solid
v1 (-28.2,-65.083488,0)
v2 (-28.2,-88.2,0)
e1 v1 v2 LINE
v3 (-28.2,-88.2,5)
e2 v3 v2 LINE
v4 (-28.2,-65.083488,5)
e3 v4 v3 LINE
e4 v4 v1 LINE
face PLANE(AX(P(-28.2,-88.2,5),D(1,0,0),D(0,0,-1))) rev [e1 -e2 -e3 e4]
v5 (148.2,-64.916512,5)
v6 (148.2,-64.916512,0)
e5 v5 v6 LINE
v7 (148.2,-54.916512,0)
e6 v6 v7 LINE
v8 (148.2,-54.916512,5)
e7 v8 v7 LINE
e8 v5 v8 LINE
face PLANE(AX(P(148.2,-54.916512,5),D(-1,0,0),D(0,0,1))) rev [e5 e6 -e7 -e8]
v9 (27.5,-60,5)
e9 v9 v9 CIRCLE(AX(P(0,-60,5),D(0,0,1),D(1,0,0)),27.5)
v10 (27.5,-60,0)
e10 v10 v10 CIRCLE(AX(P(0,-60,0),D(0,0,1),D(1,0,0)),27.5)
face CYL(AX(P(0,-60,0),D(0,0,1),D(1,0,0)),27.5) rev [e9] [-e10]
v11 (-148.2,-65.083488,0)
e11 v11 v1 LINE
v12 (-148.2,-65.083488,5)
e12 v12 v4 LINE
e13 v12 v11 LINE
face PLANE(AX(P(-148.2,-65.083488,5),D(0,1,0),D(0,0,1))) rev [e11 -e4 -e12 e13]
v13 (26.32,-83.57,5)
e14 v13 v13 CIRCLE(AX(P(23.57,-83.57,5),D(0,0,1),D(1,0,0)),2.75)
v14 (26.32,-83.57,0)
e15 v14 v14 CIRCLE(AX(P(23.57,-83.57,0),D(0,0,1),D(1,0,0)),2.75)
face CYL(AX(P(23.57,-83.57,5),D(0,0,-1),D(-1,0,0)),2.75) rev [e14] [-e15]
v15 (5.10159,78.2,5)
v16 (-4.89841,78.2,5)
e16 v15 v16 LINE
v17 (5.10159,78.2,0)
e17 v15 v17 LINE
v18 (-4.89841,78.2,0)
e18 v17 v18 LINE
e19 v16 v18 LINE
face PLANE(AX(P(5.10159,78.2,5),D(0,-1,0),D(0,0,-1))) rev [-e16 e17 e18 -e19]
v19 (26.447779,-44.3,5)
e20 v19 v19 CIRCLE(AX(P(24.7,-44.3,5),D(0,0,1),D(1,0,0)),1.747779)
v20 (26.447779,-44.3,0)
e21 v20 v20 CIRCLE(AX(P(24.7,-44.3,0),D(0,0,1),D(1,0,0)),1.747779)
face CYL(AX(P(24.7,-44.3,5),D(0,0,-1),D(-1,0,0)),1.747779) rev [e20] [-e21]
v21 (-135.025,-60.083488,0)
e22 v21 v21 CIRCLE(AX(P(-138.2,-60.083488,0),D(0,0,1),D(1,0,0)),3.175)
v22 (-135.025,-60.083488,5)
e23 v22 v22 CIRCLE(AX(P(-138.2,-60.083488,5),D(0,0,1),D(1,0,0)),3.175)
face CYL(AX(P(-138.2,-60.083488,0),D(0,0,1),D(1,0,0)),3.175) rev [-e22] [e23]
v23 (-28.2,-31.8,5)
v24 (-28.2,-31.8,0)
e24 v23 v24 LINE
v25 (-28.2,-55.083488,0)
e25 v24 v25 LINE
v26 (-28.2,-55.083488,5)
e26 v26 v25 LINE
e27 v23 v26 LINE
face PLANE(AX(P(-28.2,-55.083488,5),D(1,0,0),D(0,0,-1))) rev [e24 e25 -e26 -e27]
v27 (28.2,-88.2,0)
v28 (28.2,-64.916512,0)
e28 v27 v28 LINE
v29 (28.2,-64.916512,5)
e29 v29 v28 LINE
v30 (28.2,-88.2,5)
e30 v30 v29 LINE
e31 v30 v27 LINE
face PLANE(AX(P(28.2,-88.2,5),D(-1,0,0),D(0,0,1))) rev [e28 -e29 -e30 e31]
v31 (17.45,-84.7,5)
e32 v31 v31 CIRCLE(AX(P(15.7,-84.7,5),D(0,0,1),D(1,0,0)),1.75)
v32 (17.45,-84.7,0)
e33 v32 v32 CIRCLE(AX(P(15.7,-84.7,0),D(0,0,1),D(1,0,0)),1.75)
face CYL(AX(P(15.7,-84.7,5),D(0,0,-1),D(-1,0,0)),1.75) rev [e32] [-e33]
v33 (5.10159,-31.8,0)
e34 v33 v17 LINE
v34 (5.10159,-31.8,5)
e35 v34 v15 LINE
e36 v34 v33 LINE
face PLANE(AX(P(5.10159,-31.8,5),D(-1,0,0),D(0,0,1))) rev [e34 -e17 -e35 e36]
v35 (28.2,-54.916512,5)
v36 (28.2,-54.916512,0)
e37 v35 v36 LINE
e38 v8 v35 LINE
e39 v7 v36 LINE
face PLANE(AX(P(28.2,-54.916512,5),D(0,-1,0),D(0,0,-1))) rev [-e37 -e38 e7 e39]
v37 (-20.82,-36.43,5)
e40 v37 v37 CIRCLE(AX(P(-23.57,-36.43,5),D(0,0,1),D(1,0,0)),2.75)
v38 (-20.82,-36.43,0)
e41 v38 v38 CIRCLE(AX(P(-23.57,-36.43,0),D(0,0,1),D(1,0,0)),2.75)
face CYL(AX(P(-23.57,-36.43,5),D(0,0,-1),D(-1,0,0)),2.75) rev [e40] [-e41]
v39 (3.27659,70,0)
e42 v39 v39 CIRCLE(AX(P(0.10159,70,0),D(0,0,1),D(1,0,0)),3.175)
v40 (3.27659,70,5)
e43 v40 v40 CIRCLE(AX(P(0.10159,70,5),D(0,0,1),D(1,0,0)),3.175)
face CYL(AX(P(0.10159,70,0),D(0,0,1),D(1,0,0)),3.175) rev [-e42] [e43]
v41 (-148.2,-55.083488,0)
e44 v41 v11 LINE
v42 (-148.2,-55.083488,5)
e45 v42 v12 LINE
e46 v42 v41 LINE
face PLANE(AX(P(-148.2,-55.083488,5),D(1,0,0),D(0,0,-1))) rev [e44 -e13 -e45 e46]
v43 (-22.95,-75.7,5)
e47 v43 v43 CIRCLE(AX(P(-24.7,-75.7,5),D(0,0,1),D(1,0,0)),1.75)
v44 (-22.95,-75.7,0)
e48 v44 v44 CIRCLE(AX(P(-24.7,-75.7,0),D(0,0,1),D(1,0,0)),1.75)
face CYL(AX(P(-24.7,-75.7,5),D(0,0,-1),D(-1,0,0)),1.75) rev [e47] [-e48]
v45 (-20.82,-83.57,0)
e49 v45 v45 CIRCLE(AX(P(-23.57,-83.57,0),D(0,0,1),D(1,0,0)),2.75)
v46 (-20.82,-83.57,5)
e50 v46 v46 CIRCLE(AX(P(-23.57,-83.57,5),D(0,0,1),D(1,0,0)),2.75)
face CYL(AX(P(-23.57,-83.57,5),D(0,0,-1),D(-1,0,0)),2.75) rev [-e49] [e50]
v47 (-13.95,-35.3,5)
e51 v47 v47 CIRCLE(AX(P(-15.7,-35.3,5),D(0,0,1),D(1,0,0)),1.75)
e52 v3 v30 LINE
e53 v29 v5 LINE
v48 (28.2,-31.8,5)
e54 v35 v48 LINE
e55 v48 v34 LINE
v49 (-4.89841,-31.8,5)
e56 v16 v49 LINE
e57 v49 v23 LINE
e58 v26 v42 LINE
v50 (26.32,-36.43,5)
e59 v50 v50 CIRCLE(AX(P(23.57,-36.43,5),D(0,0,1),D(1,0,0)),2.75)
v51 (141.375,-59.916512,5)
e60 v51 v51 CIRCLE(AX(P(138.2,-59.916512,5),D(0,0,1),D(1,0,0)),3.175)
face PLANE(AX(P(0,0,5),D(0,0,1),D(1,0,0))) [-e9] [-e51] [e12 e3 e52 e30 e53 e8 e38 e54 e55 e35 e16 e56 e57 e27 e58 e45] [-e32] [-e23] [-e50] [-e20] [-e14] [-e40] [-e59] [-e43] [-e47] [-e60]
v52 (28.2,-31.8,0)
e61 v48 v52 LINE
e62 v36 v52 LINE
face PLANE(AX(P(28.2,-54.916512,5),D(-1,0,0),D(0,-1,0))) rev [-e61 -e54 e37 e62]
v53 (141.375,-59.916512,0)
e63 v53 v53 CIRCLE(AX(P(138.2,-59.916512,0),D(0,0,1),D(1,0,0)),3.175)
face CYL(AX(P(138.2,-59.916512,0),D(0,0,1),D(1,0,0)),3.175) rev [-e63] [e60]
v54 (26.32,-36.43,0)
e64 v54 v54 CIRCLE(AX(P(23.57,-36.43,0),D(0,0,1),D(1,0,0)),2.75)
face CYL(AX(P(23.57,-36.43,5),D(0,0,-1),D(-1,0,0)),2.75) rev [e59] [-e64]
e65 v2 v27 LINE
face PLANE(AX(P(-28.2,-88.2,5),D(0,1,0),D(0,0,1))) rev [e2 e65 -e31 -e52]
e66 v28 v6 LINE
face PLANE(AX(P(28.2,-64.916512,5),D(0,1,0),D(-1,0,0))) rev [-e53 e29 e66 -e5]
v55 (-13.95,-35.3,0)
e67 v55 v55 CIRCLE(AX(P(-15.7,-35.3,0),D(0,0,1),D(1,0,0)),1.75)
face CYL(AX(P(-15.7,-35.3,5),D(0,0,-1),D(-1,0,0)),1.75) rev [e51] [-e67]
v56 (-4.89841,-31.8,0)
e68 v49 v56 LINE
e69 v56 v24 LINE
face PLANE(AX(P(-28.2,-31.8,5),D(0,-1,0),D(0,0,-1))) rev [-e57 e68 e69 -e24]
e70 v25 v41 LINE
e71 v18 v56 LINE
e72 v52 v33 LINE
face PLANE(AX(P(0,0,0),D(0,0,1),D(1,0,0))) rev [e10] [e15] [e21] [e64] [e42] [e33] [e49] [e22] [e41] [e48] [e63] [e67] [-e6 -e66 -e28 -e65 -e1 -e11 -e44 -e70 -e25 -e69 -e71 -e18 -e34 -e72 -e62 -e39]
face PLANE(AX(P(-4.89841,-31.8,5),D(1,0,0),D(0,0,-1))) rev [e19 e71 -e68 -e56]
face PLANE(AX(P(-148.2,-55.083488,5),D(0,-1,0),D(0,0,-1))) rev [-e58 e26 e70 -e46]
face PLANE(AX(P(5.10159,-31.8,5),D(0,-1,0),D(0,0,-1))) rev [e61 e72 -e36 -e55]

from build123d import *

# Parameters (mm, degrees)
CROQUIS1_R              = 2.75
CROQUIS1_R_2            = 1.75
CROQUIS1_R_3            = 1.747778747
CROQUIS1_R_4            = 7.725412866
SALIENTE_EXTRUIR1_DEPTH = 5
CROQUIS2_R              = 3.175
CROQUIS2_R_2            = 27.5
CORTAR_EXTRUIR1_DEPTH   = 5


with BuildPart() as part:
    # Croquis1 → Saliente-Extruir1 (new body)
    with BuildSketch(Plane.XY):
        Polygon((-28.2, -55.083487529), (-28.2, -31.8), (-4.898409704, -31.8), (-4.898409704, 78.2), (5.101590296, 78.2), (5.101590296, -31.8), (28.2, -31.8), (28.2, -54.916512471), (148.2, -54.916512471), (148.2, -64.916512471), (28.2, -64.916512471), (28.2, -88.2), (-28.2, -88.2), (-28.2, -65.083487529), (-148.2, -65.083487529), (-148.2, -55.083487529), align=None)
        with Locations((-23.57, -36.43)):
            Circle(CROQUIS1_R, mode=Mode.SUBTRACT)
        with Locations((23.57, -36.43)):
            Circle(CROQUIS1_R, mode=Mode.SUBTRACT)
        with Locations((23.57, -83.57)):
            Circle(CROQUIS1_R, mode=Mode.SUBTRACT)
        with Locations((-23.57, -83.57)):
            Circle(CROQUIS1_R, mode=Mode.SUBTRACT)
        with Locations((-15.7, -35.3)):
            Circle(CROQUIS1_R_2, mode=Mode.SUBTRACT)
        with Locations((24.7, -44.3)):
            Circle(CROQUIS1_R_3, mode=Mode.SUBTRACT)
        with Locations((15.7, -84.7)):
            Circle(CROQUIS1_R_2, mode=Mode.SUBTRACT)
        with Locations((-24.7, -75.7)):
            Circle(CROQUIS1_R_2, mode=Mode.SUBTRACT)
        with Locations((0, -60)):
            Circle(CROQUIS1_R_4, mode=Mode.SUBTRACT)
    extrude(amount=SALIENTE_EXTRUIR1_DEPTH)

    # Croquis2 → Cortar-Extruir1 (cut)
    with BuildSketch(Plane.XY.offset(5)):
        with Locations((0.101590296, 70)):
            Circle(CROQUIS2_R)
        with Locations((138.2, -59.916512471)):
            Circle(CROQUIS2_R)
        with Locations((-138.2, -60.083487529)):
            Circle(CROQUIS2_R)
        with Locations((0, -60)):
            Circle(CROQUIS2_R_2)
    extrude(amount=-CORTAR_EXTRUIR1_DEPTH, mode=Mode.SUBTRACT)


solid = part.part
